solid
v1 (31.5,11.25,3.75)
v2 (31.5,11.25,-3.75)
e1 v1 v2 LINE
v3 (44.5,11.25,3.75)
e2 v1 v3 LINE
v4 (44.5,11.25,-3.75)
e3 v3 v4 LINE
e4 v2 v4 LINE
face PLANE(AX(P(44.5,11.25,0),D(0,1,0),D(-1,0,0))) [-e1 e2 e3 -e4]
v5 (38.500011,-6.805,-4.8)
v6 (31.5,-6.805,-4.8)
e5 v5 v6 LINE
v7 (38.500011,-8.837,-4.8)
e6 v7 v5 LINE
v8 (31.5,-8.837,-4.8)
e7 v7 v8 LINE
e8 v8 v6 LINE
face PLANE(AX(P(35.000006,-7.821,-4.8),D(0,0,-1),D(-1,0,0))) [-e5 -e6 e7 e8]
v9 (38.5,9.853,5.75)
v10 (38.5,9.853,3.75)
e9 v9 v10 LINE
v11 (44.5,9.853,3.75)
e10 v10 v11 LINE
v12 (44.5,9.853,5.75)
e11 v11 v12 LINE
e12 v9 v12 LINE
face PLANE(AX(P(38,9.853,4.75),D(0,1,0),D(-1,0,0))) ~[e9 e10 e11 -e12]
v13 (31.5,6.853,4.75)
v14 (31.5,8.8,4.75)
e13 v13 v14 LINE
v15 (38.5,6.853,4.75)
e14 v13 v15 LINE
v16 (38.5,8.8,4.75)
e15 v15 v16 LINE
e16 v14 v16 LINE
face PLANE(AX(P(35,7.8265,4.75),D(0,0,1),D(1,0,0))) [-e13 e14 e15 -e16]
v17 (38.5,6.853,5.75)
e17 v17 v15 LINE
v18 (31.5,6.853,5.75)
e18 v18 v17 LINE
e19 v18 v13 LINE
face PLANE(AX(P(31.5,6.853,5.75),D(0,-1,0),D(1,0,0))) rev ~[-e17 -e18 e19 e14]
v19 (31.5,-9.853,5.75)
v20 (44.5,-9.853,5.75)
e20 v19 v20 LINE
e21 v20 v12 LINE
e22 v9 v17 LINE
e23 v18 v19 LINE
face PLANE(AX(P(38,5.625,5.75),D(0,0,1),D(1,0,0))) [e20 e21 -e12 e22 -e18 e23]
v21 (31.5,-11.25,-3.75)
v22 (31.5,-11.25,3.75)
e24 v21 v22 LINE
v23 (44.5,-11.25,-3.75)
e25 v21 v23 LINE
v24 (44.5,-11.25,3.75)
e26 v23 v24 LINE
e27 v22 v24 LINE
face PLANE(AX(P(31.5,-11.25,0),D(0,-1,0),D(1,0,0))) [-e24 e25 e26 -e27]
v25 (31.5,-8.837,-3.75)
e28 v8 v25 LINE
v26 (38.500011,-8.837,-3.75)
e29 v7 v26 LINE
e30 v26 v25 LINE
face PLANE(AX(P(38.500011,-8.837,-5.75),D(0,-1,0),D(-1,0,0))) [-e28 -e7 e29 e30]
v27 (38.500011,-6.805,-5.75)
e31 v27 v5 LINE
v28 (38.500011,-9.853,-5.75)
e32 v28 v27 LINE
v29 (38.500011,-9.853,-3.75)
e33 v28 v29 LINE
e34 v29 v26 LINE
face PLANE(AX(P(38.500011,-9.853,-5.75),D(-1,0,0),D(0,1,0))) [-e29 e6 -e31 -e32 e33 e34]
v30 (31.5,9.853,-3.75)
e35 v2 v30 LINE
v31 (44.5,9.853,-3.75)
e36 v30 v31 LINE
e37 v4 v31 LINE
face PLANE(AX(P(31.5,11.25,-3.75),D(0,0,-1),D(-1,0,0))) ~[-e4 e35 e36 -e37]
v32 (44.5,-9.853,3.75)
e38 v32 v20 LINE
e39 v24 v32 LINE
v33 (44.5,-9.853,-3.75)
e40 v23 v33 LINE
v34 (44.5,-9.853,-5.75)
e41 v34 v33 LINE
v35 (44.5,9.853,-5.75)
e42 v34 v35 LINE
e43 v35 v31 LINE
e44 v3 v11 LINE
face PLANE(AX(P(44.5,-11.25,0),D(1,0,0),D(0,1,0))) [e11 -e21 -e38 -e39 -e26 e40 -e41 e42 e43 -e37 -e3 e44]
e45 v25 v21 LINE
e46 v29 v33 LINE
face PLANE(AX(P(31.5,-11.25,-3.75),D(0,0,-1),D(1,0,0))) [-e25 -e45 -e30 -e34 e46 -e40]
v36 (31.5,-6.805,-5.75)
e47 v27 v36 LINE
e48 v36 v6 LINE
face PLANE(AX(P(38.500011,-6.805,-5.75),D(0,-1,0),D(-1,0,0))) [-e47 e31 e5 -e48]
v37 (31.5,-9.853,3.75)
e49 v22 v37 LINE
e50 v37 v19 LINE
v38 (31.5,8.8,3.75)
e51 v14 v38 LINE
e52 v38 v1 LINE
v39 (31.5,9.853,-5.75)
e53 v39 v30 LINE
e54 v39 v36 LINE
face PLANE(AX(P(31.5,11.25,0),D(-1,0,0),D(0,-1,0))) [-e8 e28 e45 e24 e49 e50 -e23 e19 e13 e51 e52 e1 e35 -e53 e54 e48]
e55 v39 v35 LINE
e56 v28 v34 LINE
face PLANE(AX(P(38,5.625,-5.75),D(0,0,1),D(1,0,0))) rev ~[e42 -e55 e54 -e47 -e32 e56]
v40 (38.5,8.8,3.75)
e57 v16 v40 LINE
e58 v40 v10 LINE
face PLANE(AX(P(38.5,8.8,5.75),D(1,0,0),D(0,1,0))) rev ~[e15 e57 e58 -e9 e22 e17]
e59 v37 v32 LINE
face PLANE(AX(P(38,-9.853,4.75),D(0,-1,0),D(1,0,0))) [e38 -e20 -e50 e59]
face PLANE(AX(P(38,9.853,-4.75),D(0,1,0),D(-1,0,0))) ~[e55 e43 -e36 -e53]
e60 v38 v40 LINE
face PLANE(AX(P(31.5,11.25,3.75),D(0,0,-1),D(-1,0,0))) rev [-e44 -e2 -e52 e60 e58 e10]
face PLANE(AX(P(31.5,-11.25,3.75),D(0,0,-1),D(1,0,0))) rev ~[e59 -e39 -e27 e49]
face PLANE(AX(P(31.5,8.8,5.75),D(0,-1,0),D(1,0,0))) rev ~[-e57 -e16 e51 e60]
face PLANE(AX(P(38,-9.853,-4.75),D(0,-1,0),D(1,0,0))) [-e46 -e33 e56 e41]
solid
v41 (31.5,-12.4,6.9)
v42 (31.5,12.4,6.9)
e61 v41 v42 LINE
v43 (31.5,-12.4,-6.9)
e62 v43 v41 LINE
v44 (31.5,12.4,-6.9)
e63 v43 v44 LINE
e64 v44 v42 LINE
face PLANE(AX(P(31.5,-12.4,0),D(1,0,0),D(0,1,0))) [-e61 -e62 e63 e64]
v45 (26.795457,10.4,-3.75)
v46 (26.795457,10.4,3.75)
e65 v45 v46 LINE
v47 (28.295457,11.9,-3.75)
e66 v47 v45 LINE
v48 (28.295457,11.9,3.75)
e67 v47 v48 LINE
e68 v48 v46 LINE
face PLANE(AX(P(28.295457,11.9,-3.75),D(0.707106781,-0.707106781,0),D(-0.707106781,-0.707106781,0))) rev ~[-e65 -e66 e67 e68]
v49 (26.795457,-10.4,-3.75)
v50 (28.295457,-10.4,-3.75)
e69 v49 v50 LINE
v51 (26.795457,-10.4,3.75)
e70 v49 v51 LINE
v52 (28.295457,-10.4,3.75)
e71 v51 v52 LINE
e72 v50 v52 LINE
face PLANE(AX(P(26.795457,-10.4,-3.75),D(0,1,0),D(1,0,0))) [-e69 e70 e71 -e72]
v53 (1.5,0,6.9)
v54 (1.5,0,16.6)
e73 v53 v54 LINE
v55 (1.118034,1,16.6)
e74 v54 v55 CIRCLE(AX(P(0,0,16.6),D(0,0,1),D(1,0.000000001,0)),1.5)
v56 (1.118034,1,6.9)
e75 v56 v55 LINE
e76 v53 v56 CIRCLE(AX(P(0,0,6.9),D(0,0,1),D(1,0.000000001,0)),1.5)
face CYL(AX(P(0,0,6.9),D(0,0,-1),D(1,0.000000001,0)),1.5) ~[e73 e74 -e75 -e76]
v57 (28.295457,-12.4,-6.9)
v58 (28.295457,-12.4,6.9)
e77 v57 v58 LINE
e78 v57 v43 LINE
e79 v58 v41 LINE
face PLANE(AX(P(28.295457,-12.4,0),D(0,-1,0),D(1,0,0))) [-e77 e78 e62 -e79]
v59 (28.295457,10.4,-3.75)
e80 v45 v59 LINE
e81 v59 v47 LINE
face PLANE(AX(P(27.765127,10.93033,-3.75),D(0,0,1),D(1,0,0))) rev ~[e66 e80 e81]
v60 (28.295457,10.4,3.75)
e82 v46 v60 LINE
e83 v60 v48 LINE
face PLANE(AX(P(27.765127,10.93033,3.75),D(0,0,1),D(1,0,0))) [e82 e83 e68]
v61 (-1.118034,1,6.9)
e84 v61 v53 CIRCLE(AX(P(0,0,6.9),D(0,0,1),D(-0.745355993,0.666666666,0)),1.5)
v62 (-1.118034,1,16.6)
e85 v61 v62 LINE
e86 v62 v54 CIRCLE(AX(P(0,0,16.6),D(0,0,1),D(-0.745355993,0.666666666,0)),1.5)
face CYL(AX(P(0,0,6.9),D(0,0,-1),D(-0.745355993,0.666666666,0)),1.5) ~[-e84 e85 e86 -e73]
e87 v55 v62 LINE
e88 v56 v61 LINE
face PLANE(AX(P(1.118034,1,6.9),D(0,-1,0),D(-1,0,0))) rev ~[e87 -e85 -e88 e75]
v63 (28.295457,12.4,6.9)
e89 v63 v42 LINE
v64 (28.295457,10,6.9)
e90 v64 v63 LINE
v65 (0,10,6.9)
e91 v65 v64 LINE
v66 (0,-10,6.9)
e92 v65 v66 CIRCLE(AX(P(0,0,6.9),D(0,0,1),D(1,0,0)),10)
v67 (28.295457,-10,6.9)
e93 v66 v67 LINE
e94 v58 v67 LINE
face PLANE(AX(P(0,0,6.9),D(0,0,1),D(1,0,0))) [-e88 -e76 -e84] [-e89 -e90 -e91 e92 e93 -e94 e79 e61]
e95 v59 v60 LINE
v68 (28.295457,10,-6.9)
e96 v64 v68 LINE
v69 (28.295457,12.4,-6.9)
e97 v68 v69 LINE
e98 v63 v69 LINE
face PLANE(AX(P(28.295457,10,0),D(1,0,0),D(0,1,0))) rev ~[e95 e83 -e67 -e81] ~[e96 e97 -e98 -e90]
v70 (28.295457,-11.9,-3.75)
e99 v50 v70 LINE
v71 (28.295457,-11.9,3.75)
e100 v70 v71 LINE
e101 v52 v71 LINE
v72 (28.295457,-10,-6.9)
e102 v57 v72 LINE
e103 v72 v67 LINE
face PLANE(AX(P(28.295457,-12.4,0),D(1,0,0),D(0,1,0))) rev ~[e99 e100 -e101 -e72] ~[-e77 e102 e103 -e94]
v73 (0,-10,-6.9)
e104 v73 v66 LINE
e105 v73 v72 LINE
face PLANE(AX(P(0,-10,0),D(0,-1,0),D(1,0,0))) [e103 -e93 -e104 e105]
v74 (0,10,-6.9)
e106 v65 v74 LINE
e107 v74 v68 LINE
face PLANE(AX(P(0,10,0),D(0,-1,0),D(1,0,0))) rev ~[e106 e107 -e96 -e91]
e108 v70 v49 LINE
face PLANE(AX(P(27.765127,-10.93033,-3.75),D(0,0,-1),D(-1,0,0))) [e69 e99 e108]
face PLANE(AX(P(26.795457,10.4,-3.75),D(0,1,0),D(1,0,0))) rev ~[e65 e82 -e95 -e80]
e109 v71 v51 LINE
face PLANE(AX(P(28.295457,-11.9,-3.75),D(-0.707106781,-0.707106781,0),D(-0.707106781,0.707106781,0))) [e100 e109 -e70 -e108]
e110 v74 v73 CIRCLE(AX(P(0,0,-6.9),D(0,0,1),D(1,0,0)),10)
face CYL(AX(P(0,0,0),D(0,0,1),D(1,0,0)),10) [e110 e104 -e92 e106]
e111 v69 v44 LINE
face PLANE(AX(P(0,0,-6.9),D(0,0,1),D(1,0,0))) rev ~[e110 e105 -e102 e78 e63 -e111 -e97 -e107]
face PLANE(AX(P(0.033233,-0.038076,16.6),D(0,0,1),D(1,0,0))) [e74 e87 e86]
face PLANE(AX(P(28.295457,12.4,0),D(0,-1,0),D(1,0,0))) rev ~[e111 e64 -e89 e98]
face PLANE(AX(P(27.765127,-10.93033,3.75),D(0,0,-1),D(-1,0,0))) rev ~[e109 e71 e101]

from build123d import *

# Parameters (mm, degrees)
SKETCH1_R           = 10
SKETCH1_W           = 31.5
SKETCH1_H           = 20
SKETCH1_W_2         = 3.204542896
SKETCH1_H_2         = 24.8
BOSS_EXTRUDE1_DEPTH = 6.9
BOSS_EXTRUDE2_DEPTH = 5.75
BOSS_EXTRUDE3_DEPTH = 9.7
SKETCH3_W           = 13
SKETCH3_H           = 1.999999936
SKETCH3_H_2         = 2.000000064
CUT_EXTRUDE1_DEPTH  = 1.397
SKETCH4_W           = 7.0000114
SKETCH4_H           = 1.016
CUT_EXTRUDE2_DEPTH  = 2.000000064
SKETCH4_3_W         = 7.0000114
SKETCH4_3_H         = 2.032
CUT_EXTRUDE3_DEPTH  = 0.95
SKETCH6_W           = 7
SKETCH6_H           = 1.947
CUT_EXTRUDE4_DEPTH  = 1
SKETCH6_3_W         = 7
SKETCH6_3_H         = 1.053
CUT_EXTRUDE5_DEPTH  = 1.999999936
BOSS_EXTRUDE4_START = -3.75
BOSS_EXTRUDE4_DEPTH = 7.5


with BuildPart() as part:
    # Sketch1 → Boss-Extrude1 (new, symmetric)
    with BuildSketch(Plane.XY):
        Circle(SKETCH1_R)
        with Locations((15.75, 0)):
            Rectangle(SKETCH1_W, SKETCH1_H)
        with Locations((29.897728552, 0)):
            Rectangle(SKETCH1_W_2, SKETCH1_H_2)
    extrude(amount=BOSS_EXTRUDE1_DEPTH, both=True)

    # Sketch2 → Boss-Extrude3 (add)
    with BuildSketch(Plane.XY.offset(6.9)):
        with BuildLine():
            Line((1.118033989, 1), (-1.118033989, 1))
            ThreePointArc((-1.118033989, 1), (-0.535233135, -1.401258538), (1.5, 0))
            ThreePointArc((1.5, 0), (1.401258538, 0.535233135), (1.118033989, 1))
        make_face()
    extrude(amount=BOSS_EXTRUDE3_DEPTH)

    # Sketch8 → Boss-Extrude4 (add)
    with BuildSketch(Plane.XY.offset(BOSS_EXTRUDE4_START)):
        Polygon((26.795457104, 10.4), (28.295457104, 10.4), (28.295457104, 11.9), align=None)
        Polygon((26.795457104, -10.4), (28.295457104, -10.4), (28.295457104, -11.9), align=None)
    extrude(amount=BOSS_EXTRUDE4_DEPTH)


with BuildPart() as body_2:
    # Sketch1<3> → Boss-Extrude2 (new, symmetric)
    with BuildSketch(Plane.XY):
        Polygon((31.5, 11.25), (31.5, 10), (31.5, 0), (44.5, 0), (44.5, 11.25), align=None)
        Polygon((31.5, 0), (31.5, -10), (31.5, -11.25), (44.5, -11.25), (44.5, 0), align=None)
    extrude(amount=BOSS_EXTRUDE2_DEPTH, both=True)

    # Sketch3 → Cut-Extrude1 (cut)
    with BuildSketch(Plane.XZ.offset(11.25)):
        with Locations((38, 4.750000032)):
            Rectangle(SKETCH3_W, SKETCH3_H)
        with Locations((38, -4.749999968)):
            Rectangle(SKETCH3_W, SKETCH3_H_2)
    cut_extrude1 = extrude(amount=-CUT_EXTRUDE1_DEPTH, mode=Mode.SUBTRACT)

    # Mirror1: Cut-Extrude1 across plane
    add(cut_extrude1.mirror(Plane.ZX), mode=Mode.SUBTRACT)

    # Sketch4 → Cut-Extrude2 (cut)
    with BuildSketch(Plane(origin=(0, 0, -5.75), x_dir=(-1, 0, 0), z_dir=(0, 0, -1))):
        with Locations((-35.0000057, -9.345)):
            Rectangle(SKETCH4_W, SKETCH4_H)
    extrude(amount=-CUT_EXTRUDE2_DEPTH, mode=Mode.SUBTRACT)

    # Sketch4<3> → Cut-Extrude3 (cut)
    with BuildSketch(Plane(origin=(0, 0, -5.75), x_dir=(-1, 0, 0), z_dir=(0, 0, -1))):
        with Locations((-35.0000057, -7.821)):
            Rectangle(SKETCH4_3_W, SKETCH4_3_H)
    extrude(amount=-CUT_EXTRUDE3_DEPTH, mode=Mode.SUBTRACT)

    # Sketch6 → Cut-Extrude4 (cut)
    with BuildSketch(Plane.XY.offset(5.75)):
        with Locations((35, 7.8265)):
            Rectangle(SKETCH6_W, SKETCH6_H)
    extrude(amount=-CUT_EXTRUDE4_DEPTH, mode=Mode.SUBTRACT)

    # Sketch6<3> → Cut-Extrude5 (cut)
    with BuildSketch(Plane.XY.offset(5.75)):
        with Locations((35, 9.3265)):
            Rectangle(SKETCH6_3_W, SKETCH6_3_H)
    extrude(amount=-CUT_EXTRUDE5_DEPTH, mode=Mode.SUBTRACT)


solid = Compound([part.part, body_2.part])
